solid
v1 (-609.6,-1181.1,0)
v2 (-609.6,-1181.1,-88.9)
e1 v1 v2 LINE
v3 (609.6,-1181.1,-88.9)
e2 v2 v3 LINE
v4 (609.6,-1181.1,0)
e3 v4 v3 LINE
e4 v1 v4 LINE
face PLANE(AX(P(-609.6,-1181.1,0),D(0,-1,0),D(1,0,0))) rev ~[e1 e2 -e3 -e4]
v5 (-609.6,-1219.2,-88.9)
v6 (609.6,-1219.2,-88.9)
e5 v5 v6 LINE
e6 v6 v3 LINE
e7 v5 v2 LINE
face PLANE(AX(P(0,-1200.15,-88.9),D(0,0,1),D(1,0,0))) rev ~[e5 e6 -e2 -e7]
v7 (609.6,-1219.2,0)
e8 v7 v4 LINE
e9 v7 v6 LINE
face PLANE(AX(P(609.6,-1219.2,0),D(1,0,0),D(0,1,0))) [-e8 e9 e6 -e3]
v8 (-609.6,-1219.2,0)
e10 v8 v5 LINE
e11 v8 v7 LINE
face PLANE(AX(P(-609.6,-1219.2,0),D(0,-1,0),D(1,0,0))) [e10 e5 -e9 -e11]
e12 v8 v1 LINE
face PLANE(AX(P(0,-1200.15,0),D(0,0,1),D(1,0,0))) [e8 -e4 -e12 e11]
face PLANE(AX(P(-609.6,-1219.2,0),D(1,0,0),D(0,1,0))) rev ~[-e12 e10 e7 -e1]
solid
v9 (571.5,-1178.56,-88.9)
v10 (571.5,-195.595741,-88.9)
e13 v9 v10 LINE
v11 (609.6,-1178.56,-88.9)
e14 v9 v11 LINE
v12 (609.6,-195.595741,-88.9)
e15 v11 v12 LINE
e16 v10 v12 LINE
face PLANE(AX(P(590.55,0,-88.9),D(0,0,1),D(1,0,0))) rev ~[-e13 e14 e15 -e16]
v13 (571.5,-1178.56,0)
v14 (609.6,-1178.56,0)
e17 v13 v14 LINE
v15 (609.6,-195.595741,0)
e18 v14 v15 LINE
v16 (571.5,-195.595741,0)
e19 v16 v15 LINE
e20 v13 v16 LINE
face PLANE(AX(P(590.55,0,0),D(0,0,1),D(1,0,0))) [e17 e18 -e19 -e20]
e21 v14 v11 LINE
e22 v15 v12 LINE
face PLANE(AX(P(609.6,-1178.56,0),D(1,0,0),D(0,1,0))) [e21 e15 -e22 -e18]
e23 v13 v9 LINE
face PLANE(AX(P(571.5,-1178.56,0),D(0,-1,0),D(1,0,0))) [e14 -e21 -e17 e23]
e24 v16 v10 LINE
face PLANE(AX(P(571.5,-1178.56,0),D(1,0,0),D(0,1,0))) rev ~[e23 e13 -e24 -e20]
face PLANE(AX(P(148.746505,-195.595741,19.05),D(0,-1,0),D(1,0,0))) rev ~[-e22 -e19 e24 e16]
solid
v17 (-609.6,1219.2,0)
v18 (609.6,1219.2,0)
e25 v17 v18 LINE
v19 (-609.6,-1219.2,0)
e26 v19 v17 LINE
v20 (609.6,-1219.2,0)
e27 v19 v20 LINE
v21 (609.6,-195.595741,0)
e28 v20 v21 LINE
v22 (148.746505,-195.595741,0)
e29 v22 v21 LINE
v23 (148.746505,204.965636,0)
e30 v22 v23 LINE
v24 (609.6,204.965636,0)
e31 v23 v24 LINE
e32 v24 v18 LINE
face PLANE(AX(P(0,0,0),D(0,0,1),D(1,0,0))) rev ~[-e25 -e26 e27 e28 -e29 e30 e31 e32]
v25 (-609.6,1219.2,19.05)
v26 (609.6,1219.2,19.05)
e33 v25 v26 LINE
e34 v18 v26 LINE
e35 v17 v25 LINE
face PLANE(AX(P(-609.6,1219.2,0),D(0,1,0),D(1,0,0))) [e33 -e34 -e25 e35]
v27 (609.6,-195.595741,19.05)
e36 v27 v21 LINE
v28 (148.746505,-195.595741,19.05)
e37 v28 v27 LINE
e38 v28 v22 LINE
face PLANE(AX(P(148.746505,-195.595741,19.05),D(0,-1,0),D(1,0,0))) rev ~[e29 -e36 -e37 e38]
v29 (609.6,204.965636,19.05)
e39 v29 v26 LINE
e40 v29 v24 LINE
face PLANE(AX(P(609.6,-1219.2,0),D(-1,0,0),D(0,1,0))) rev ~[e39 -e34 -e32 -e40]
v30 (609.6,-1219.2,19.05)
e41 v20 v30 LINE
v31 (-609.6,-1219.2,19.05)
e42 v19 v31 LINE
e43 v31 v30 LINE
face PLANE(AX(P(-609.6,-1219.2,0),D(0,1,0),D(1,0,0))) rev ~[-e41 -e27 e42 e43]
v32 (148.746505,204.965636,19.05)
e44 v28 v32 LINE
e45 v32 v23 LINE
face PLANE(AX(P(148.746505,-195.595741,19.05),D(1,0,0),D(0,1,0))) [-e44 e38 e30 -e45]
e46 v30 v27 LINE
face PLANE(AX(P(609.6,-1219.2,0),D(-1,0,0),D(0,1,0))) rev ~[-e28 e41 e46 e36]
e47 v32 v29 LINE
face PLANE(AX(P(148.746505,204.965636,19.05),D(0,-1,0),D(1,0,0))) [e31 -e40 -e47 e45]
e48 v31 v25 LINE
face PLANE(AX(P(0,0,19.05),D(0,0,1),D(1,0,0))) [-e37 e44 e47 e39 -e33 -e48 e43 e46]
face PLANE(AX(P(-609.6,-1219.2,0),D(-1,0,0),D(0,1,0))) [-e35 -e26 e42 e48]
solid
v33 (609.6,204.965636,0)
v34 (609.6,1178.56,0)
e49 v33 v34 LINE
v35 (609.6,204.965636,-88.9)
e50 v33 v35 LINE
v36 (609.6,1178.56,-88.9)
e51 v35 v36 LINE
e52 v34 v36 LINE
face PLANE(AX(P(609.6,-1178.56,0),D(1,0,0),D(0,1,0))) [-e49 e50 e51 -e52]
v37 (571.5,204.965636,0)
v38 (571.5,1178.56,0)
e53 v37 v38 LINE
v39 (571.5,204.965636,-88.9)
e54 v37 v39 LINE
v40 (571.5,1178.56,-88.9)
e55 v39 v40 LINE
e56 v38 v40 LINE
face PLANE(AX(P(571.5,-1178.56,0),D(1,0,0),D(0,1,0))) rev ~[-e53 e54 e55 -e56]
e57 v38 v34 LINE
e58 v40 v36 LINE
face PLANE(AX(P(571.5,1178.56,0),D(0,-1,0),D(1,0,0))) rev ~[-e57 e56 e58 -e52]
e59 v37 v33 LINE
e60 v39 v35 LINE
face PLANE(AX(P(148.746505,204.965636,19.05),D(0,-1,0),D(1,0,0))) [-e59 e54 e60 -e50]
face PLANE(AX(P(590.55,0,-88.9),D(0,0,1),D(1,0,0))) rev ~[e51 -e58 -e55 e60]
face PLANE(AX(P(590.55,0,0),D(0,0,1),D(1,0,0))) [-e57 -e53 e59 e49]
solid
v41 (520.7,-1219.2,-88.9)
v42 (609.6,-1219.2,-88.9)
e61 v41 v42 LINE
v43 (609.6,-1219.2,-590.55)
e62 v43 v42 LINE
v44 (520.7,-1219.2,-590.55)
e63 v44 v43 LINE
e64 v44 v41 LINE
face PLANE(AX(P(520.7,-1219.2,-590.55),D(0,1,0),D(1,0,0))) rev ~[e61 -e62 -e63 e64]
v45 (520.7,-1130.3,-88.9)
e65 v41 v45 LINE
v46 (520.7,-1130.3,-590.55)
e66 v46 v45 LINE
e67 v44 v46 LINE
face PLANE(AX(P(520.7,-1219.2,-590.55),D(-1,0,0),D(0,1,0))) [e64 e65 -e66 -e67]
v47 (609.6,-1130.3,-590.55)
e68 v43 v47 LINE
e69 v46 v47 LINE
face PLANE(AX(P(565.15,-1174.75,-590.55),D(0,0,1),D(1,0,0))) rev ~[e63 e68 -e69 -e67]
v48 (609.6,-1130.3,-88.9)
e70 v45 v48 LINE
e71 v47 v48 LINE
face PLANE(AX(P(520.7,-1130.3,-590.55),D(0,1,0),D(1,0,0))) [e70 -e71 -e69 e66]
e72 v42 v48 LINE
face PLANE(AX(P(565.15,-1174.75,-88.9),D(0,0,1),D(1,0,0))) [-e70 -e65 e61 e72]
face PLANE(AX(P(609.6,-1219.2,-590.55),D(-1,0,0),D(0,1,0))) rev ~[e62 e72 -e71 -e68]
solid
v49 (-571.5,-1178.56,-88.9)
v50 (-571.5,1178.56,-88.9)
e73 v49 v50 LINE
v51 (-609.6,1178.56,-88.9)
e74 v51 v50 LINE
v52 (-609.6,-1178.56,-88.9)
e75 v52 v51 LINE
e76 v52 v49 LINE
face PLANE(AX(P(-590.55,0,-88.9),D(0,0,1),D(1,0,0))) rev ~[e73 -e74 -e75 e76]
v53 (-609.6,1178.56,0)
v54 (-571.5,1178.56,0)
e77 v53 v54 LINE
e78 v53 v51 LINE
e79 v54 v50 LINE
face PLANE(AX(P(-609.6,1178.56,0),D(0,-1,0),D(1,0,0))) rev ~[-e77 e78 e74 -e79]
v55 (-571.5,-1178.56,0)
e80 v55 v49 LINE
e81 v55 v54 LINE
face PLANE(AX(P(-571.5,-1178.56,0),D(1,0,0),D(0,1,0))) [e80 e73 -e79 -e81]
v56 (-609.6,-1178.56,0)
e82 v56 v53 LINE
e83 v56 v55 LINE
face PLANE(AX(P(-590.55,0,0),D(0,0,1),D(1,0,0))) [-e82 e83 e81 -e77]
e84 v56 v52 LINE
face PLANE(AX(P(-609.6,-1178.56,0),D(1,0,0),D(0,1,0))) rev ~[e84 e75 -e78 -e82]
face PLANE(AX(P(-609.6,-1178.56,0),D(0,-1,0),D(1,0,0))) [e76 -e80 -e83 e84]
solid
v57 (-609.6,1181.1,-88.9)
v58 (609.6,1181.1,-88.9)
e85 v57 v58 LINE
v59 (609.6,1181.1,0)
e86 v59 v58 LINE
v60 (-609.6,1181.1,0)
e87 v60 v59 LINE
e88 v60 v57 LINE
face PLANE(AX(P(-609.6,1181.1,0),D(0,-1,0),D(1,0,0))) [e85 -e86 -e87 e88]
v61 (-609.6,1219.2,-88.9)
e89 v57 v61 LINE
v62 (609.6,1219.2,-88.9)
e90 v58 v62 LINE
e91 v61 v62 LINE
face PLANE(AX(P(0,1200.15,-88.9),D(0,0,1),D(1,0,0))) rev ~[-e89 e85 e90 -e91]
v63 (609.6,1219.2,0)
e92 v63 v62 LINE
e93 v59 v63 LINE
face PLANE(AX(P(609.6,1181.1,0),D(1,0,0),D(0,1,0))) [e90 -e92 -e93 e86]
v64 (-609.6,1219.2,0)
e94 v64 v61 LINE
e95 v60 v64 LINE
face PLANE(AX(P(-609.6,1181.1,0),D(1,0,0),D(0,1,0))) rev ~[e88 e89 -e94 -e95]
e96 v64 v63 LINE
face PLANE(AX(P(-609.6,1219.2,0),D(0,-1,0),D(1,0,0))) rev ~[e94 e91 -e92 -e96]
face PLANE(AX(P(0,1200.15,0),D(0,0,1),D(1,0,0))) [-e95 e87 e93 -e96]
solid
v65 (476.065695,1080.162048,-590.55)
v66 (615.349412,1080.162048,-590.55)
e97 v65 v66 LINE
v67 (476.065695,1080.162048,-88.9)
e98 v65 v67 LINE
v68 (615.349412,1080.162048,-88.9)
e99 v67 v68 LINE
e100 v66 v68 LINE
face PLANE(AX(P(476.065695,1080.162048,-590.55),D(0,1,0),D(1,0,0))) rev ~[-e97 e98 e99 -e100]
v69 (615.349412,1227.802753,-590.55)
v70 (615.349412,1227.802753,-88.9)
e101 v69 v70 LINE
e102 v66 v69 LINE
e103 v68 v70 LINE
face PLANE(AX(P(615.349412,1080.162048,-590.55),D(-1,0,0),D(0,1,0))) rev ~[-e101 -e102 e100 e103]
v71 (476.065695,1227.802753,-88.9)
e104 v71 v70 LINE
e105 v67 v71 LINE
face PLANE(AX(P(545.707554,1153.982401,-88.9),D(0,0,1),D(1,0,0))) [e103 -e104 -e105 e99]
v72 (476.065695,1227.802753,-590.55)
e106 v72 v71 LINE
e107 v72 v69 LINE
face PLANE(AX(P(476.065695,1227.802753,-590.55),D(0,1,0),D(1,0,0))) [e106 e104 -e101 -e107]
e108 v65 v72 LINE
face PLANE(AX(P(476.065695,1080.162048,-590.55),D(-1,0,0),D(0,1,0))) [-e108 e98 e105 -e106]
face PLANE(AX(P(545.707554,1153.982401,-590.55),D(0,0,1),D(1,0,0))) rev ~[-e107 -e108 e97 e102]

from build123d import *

# Parameters (mm, degrees)
F1_W      = 1219.2
F1_H      = 2438.4
F2_DEPTH  = 19.05
F3_W      = 1219.2
F3_H      = 38.1
F4_DEPTH  = 88.9
F5_W      = 38.1
F5_H      = 2357.12
F6_DEPTH  = 88.9
F7_W      = 460.8534946203
F7_H      = 400.5613774061
F8_DEPTH  = 107.951
F10_W     = 88.9
F10_H     = 88.9
F11_DEPTH = 501.65
F10_W_2   = 139.2837166786
F10_H_2   = 147.6407051086


with BuildPart() as f2:
    # F1 (on Top) → F2 (new body)
    with BuildSketch(Plane.XY):
        Rectangle(F1_W, F1_H)
    extrude(amount=F2_DEPTH)


with BuildPart() as f4:
    # F3 (on Top) → F4 (new body)
    with BuildSketch(Plane.XY):
        with Locations((0, 1200.15)):
            Rectangle(F3_W, F3_H)
    extrude(amount=-F4_DEPTH)


with BuildPart() as f4b:
    # F3 (on Top) → F4, piece 2 (new body)
    with BuildSketch(Plane.XY):
        with Locations((0, -1200.15)):
            Rectangle(F3_W, F3_H)
    extrude(amount=-F4_DEPTH)


with BuildPart() as f6:
    # F5 (on Top) → F6 (new body)
    with BuildSketch(Plane.XY):
        with Locations((-590.55, 0)):
            Rectangle(F5_W, F5_H)
    extrude(amount=-F6_DEPTH)


with BuildPart() as f6b:
    # F5 (on Top) → F6, piece 2 (new body)
    with BuildSketch(Plane.XY):
        with Locations((590.55, 0)):
            Rectangle(F5_W, F5_H)
    extrude(amount=-F6_DEPTH)


with BuildPart() as f8_tool:
    # F7 (on face) → F8 (new body, through all)
    with BuildSketch(Plane.XY.offset(19.05)):
        with Locations((379.1732526898, 4.6849474311)):
            Rectangle(F7_W, F7_H)
    extrude(amount=-F8_DEPTH)


with BuildPart() as f2_1:
    add(f2.part)

    # F8: cut by f8_tool
    add(f8_tool.part, mode=Mode.SUBTRACT)


with BuildPart() as f6b_1:
    add(f6b.part)

    # F8: cut by f8_tool
    add(f8_tool.part, mode=Mode.SUBTRACT)


with BuildPart() as f11:
    # F10 (on offset) → F11 (new body, through all)
    with BuildSketch(Plane.XY.offset(-590.55)):
        with Locations((565.15, -1174.75)):
            Rectangle(F10_W, F10_H)
    extrude(amount=F11_DEPTH)


with BuildPart() as f11b:
    # F10 (on offset) → F11, piece 2 (new body, through all)
    with BuildSketch(Plane.XY.offset(-590.55)):
        with Locations((545.7075536251, 1153.9824008942)):
            Rectangle(F10_W_2, F10_H_2)
    extrude(amount=F11_DEPTH)


solid = Compound([f4.part, f4b.part, f6.part, f2_1.part, f6b_1.part, f11.part, f11b.part])
